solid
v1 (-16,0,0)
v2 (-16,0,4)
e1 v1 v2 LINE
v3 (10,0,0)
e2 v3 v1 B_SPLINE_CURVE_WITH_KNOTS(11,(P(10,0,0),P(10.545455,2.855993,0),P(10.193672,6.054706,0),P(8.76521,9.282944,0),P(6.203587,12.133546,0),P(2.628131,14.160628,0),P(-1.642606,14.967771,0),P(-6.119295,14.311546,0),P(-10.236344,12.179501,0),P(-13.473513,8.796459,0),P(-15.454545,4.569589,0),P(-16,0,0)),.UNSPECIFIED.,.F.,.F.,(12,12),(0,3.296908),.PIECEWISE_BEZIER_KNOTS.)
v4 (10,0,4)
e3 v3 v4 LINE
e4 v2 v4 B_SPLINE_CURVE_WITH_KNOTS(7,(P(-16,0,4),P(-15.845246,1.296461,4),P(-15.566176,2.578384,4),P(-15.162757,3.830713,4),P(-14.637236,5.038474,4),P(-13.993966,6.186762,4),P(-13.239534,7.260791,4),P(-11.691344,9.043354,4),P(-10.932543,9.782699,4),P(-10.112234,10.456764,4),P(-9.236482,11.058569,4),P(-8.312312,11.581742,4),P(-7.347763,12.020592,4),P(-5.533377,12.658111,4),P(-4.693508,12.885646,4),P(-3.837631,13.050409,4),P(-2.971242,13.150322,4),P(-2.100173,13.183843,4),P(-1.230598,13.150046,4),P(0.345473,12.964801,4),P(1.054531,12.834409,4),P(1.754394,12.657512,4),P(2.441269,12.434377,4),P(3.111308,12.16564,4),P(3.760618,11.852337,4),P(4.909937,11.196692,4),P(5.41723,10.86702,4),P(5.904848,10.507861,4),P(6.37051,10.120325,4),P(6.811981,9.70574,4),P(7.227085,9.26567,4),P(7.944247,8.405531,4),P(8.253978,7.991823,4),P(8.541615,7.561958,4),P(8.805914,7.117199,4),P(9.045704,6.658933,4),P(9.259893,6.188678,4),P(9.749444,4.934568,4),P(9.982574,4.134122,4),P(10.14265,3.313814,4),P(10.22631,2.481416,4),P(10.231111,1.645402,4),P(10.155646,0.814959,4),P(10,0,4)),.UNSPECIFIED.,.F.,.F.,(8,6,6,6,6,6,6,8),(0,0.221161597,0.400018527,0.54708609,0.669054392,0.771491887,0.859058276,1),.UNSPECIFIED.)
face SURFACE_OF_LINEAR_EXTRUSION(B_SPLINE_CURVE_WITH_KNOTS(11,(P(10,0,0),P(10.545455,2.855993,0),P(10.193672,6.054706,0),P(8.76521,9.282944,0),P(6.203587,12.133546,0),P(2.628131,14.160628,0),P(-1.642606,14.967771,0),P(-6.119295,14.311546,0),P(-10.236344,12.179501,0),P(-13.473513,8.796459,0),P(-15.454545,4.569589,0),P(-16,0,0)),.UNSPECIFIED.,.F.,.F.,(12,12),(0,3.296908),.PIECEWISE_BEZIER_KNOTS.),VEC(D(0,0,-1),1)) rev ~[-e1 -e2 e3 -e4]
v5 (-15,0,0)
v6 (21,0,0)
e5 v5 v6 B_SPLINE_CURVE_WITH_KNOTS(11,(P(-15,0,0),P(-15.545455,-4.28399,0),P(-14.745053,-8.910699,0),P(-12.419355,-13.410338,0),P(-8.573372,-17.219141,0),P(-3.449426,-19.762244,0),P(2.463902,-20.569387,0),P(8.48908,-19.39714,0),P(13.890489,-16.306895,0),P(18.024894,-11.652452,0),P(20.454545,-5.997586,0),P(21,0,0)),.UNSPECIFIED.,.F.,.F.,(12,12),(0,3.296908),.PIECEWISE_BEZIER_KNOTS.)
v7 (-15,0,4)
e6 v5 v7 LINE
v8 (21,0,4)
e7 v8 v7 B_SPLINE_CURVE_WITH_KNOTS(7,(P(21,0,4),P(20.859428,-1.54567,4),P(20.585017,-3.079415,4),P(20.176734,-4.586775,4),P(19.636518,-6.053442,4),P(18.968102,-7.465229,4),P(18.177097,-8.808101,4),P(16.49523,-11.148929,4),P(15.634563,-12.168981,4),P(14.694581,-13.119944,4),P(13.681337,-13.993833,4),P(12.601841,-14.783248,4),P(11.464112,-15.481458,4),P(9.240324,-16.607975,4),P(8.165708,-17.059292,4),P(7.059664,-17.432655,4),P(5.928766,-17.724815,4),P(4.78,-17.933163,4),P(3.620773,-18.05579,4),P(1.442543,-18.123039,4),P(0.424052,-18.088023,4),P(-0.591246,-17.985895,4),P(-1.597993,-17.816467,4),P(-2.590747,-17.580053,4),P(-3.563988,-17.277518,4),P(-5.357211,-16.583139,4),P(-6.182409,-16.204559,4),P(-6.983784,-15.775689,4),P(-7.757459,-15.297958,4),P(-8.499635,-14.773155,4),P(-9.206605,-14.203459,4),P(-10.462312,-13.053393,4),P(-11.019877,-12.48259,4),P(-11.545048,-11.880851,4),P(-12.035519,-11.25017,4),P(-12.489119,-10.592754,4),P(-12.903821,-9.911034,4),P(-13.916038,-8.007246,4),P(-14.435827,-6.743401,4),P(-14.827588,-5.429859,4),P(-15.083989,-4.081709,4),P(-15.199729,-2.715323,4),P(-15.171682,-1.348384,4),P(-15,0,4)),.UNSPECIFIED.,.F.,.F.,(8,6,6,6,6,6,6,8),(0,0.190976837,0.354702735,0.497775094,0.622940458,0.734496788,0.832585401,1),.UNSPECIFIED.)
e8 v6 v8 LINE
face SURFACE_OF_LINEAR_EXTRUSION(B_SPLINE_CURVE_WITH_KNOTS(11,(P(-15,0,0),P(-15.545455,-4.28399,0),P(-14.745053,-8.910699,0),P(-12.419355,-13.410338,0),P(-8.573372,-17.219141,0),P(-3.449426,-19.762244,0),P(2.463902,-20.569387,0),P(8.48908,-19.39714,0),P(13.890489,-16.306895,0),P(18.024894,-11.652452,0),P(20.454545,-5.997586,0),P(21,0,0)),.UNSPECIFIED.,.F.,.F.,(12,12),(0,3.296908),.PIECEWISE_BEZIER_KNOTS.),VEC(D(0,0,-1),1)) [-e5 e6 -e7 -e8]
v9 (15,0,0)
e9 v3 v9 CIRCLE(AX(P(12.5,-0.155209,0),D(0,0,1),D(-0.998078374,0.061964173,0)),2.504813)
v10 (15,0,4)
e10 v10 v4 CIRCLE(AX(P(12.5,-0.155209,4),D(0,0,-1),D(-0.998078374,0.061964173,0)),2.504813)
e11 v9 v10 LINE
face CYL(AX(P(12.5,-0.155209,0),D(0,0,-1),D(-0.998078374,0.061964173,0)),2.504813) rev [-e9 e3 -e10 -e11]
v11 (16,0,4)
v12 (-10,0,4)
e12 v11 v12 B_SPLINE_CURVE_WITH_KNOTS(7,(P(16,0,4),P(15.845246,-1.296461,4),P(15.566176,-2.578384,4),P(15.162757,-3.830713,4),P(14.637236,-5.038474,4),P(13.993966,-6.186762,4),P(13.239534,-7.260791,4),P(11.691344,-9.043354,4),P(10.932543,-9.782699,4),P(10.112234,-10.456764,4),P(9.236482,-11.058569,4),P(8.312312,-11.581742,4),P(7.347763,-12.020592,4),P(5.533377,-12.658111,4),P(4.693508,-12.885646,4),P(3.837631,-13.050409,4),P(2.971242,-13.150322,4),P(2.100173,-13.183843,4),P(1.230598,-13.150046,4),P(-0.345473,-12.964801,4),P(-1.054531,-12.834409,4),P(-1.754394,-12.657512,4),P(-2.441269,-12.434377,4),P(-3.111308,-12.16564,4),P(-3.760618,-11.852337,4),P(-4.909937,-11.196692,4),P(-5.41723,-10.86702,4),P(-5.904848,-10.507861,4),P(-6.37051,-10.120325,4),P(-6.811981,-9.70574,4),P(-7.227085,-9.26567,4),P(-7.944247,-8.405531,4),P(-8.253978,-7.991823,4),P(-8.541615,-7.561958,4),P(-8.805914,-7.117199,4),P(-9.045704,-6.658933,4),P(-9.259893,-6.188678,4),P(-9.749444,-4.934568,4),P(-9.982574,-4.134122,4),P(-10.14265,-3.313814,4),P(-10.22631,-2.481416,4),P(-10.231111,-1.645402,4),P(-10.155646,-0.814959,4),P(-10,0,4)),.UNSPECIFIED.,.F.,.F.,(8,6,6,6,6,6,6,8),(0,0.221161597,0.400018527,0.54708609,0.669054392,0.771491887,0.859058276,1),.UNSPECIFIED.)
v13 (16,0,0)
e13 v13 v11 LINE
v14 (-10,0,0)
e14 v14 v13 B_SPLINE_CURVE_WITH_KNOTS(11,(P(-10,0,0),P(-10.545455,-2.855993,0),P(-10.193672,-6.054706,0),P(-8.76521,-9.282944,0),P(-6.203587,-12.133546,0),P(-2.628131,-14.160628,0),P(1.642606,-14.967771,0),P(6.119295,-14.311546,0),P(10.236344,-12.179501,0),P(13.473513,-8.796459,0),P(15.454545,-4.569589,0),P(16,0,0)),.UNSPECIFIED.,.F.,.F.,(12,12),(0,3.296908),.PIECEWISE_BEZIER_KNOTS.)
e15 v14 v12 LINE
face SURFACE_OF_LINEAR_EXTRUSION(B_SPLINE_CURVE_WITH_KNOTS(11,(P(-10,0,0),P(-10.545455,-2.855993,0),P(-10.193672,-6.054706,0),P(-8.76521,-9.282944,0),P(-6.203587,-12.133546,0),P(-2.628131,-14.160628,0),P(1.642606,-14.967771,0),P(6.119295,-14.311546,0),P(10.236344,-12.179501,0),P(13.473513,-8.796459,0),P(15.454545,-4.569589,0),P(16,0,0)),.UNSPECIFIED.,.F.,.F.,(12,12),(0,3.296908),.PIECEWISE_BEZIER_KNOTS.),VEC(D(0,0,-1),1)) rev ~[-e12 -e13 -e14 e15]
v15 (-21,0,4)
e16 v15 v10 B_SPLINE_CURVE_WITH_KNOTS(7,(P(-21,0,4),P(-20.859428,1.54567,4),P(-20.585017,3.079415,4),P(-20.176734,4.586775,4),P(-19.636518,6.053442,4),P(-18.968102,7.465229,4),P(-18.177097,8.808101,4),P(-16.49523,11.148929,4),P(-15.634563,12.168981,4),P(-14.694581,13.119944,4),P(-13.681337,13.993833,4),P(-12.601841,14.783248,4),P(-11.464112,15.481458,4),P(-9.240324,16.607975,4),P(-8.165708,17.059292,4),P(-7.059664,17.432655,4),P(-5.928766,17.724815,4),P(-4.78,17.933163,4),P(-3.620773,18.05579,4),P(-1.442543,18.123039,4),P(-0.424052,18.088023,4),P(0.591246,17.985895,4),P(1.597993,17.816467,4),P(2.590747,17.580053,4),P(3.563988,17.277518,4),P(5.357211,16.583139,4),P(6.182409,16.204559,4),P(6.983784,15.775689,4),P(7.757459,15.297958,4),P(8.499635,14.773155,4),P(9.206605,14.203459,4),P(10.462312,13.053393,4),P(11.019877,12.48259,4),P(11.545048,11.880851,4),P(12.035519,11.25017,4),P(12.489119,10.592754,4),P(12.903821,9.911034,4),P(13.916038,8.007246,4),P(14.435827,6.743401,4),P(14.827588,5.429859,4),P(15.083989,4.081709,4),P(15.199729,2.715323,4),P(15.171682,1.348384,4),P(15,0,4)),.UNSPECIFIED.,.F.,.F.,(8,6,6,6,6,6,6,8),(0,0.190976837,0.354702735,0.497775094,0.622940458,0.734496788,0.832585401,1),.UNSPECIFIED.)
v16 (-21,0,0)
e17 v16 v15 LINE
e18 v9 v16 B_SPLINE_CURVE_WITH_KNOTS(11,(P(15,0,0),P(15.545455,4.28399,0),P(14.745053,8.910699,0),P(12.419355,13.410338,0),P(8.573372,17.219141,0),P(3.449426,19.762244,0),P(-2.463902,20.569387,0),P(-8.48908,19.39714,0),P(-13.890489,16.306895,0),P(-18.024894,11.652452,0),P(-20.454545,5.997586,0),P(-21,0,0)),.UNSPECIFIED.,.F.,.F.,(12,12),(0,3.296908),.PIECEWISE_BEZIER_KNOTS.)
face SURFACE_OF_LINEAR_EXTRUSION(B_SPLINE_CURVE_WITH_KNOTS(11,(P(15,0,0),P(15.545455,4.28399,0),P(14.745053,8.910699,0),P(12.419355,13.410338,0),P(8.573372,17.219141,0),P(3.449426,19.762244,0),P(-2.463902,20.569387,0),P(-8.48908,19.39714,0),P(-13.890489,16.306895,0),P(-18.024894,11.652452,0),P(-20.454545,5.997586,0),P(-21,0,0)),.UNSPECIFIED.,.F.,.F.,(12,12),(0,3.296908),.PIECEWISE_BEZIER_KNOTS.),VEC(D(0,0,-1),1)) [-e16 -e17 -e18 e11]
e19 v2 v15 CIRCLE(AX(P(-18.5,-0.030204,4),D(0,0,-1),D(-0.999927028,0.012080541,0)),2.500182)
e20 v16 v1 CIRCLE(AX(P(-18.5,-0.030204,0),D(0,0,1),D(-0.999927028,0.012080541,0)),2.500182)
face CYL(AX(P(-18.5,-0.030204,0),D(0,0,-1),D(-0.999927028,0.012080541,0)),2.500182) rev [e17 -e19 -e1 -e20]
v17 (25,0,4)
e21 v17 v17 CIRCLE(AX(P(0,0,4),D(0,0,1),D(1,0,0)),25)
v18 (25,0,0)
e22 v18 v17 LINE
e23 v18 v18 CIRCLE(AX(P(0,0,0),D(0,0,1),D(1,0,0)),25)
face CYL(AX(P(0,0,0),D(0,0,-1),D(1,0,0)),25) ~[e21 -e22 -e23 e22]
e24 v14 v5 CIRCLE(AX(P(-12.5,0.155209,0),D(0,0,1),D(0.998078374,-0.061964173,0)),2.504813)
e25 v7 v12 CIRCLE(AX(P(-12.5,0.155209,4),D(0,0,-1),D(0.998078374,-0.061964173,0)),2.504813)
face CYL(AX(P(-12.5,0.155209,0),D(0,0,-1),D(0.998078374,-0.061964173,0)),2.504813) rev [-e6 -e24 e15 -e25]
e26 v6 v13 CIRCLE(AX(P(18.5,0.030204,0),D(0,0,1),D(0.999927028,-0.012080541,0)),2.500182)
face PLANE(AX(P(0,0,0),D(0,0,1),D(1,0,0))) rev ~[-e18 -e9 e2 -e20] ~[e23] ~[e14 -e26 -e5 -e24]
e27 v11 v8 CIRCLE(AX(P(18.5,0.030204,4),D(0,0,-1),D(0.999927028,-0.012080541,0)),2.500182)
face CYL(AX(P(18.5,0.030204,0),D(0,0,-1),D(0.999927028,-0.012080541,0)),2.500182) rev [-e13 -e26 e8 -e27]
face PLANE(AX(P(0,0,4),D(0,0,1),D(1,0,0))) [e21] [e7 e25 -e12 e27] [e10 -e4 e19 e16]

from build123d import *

# Parameters (mm, degrees)
SKETCH_R        = 25
PAD_DEPTH       = 4
POCKET_DEPTH    = 5
POCKET001_DEPTH = 5


with BuildPart() as part:
    # Sketch → Pad (new body)
    with BuildSketch(Plane.XY):
        Circle(SKETCH_R)
    extrude(amount=PAD_DEPTH)

    # Sketch006 → Pocket (cut)
    with BuildSketch(Plane(origin=(0, 0, 0), x_dir=(-1, 0, 0), z_dir=(0, 0, 1))):
        with BuildLine():
            ThreePointArc((10, 0), (12.5, -2.660022), (15, 0))
            add(Edge.make_bspline(
                [(15, 0), (15.545455, 4.28399), (14.745053, 8.910699), (12.419355, 13.410338), (8.573372, 17.219141), (3.449426, 19.762244), (-2.463902, 20.569387), (-8.48908, 19.39714), (-13.890489, 16.306895), (-18.024894, 11.652452), (-20.454545, 5.997586), (-21, 0)],
                knots=[0, 0, 0, 0, 0, 0, 0, 0, 0, 0, 0, 0, 3.296908, 3.296908, 3.296908, 3.296908, 3.296908, 3.296908, 3.296908, 3.296908, 3.296908, 3.296908, 3.296908, 3.296908], degree=11))
            ThreePointArc((-21, 0), (-18.5, -2.530386), (-16, 0))
            add(Edge.make_bspline(
                [(10, 0), (10.545455, 2.855993), (10.193672, 6.054706), (8.76521, 9.282944), (6.203587, 12.133546), (2.628131, 14.160628), (-1.642606, 14.967771), (-6.119295, 14.311546), (-10.236344, 12.179501), (-13.473513, 8.796459), (-15.454545, 4.569589), (-16, 0)],
                knots=[0, 0, 0, 0, 0, 0, 0, 0, 0, 0, 0, 0, 3.296908, 3.296908, 3.296908, 3.296908, 3.296908, 3.296908, 3.296908, 3.296908, 3.296908, 3.296908, 3.296908, 3.296908], degree=11))
        make_face()
    extrude(amount=POCKET_DEPTH, mode=Mode.SUBTRACT)

    # Sketch007 → Pocket001 (cut)
    with BuildSketch(Plane.XY):
        with BuildLine():
            ThreePointArc((10, 0), (12.5, -2.660022), (15, 0))
            add(Edge.make_bspline(
                [(15, 0), (15.545455, 4.28399), (14.745053, 8.910699), (12.419355, 13.410338), (8.573372, 17.219141), (3.449426, 19.762244), (-2.463902, 20.569387), (-8.48908, 19.39714), (-13.890489, 16.306895), (-18.024894, 11.652452), (-20.454545, 5.997586), (-21, 0)],
                knots=[0, 0, 0, 0, 0, 0, 0, 0, 0, 0, 0, 0, 3.296908, 3.296908, 3.296908, 3.296908, 3.296908, 3.296908, 3.296908, 3.296908, 3.296908, 3.296908, 3.296908, 3.296908], degree=11))
            ThreePointArc((-21, 0), (-18.5, -2.530386), (-16, 0))
            add(Edge.make_bspline(
                [(10, 0), (10.545455, 2.855993), (10.193672, 6.054706), (8.76521, 9.282944), (6.203587, 12.133546), (2.628131, 14.160628), (-1.642606, 14.967771), (-6.119295, 14.311546), (-10.236344, 12.179501), (-13.473513, 8.796459), (-15.454545, 4.569589), (-16, 0)],
                knots=[0, 0, 0, 0, 0, 0, 0, 0, 0, 0, 0, 0, 3.296908, 3.296908, 3.296908, 3.296908, 3.296908, 3.296908, 3.296908, 3.296908, 3.296908, 3.296908, 3.296908, 3.296908], degree=11))
        make_face()
    extrude(amount=POCKET001_DEPTH, mode=Mode.SUBTRACT)


solid = part.part
